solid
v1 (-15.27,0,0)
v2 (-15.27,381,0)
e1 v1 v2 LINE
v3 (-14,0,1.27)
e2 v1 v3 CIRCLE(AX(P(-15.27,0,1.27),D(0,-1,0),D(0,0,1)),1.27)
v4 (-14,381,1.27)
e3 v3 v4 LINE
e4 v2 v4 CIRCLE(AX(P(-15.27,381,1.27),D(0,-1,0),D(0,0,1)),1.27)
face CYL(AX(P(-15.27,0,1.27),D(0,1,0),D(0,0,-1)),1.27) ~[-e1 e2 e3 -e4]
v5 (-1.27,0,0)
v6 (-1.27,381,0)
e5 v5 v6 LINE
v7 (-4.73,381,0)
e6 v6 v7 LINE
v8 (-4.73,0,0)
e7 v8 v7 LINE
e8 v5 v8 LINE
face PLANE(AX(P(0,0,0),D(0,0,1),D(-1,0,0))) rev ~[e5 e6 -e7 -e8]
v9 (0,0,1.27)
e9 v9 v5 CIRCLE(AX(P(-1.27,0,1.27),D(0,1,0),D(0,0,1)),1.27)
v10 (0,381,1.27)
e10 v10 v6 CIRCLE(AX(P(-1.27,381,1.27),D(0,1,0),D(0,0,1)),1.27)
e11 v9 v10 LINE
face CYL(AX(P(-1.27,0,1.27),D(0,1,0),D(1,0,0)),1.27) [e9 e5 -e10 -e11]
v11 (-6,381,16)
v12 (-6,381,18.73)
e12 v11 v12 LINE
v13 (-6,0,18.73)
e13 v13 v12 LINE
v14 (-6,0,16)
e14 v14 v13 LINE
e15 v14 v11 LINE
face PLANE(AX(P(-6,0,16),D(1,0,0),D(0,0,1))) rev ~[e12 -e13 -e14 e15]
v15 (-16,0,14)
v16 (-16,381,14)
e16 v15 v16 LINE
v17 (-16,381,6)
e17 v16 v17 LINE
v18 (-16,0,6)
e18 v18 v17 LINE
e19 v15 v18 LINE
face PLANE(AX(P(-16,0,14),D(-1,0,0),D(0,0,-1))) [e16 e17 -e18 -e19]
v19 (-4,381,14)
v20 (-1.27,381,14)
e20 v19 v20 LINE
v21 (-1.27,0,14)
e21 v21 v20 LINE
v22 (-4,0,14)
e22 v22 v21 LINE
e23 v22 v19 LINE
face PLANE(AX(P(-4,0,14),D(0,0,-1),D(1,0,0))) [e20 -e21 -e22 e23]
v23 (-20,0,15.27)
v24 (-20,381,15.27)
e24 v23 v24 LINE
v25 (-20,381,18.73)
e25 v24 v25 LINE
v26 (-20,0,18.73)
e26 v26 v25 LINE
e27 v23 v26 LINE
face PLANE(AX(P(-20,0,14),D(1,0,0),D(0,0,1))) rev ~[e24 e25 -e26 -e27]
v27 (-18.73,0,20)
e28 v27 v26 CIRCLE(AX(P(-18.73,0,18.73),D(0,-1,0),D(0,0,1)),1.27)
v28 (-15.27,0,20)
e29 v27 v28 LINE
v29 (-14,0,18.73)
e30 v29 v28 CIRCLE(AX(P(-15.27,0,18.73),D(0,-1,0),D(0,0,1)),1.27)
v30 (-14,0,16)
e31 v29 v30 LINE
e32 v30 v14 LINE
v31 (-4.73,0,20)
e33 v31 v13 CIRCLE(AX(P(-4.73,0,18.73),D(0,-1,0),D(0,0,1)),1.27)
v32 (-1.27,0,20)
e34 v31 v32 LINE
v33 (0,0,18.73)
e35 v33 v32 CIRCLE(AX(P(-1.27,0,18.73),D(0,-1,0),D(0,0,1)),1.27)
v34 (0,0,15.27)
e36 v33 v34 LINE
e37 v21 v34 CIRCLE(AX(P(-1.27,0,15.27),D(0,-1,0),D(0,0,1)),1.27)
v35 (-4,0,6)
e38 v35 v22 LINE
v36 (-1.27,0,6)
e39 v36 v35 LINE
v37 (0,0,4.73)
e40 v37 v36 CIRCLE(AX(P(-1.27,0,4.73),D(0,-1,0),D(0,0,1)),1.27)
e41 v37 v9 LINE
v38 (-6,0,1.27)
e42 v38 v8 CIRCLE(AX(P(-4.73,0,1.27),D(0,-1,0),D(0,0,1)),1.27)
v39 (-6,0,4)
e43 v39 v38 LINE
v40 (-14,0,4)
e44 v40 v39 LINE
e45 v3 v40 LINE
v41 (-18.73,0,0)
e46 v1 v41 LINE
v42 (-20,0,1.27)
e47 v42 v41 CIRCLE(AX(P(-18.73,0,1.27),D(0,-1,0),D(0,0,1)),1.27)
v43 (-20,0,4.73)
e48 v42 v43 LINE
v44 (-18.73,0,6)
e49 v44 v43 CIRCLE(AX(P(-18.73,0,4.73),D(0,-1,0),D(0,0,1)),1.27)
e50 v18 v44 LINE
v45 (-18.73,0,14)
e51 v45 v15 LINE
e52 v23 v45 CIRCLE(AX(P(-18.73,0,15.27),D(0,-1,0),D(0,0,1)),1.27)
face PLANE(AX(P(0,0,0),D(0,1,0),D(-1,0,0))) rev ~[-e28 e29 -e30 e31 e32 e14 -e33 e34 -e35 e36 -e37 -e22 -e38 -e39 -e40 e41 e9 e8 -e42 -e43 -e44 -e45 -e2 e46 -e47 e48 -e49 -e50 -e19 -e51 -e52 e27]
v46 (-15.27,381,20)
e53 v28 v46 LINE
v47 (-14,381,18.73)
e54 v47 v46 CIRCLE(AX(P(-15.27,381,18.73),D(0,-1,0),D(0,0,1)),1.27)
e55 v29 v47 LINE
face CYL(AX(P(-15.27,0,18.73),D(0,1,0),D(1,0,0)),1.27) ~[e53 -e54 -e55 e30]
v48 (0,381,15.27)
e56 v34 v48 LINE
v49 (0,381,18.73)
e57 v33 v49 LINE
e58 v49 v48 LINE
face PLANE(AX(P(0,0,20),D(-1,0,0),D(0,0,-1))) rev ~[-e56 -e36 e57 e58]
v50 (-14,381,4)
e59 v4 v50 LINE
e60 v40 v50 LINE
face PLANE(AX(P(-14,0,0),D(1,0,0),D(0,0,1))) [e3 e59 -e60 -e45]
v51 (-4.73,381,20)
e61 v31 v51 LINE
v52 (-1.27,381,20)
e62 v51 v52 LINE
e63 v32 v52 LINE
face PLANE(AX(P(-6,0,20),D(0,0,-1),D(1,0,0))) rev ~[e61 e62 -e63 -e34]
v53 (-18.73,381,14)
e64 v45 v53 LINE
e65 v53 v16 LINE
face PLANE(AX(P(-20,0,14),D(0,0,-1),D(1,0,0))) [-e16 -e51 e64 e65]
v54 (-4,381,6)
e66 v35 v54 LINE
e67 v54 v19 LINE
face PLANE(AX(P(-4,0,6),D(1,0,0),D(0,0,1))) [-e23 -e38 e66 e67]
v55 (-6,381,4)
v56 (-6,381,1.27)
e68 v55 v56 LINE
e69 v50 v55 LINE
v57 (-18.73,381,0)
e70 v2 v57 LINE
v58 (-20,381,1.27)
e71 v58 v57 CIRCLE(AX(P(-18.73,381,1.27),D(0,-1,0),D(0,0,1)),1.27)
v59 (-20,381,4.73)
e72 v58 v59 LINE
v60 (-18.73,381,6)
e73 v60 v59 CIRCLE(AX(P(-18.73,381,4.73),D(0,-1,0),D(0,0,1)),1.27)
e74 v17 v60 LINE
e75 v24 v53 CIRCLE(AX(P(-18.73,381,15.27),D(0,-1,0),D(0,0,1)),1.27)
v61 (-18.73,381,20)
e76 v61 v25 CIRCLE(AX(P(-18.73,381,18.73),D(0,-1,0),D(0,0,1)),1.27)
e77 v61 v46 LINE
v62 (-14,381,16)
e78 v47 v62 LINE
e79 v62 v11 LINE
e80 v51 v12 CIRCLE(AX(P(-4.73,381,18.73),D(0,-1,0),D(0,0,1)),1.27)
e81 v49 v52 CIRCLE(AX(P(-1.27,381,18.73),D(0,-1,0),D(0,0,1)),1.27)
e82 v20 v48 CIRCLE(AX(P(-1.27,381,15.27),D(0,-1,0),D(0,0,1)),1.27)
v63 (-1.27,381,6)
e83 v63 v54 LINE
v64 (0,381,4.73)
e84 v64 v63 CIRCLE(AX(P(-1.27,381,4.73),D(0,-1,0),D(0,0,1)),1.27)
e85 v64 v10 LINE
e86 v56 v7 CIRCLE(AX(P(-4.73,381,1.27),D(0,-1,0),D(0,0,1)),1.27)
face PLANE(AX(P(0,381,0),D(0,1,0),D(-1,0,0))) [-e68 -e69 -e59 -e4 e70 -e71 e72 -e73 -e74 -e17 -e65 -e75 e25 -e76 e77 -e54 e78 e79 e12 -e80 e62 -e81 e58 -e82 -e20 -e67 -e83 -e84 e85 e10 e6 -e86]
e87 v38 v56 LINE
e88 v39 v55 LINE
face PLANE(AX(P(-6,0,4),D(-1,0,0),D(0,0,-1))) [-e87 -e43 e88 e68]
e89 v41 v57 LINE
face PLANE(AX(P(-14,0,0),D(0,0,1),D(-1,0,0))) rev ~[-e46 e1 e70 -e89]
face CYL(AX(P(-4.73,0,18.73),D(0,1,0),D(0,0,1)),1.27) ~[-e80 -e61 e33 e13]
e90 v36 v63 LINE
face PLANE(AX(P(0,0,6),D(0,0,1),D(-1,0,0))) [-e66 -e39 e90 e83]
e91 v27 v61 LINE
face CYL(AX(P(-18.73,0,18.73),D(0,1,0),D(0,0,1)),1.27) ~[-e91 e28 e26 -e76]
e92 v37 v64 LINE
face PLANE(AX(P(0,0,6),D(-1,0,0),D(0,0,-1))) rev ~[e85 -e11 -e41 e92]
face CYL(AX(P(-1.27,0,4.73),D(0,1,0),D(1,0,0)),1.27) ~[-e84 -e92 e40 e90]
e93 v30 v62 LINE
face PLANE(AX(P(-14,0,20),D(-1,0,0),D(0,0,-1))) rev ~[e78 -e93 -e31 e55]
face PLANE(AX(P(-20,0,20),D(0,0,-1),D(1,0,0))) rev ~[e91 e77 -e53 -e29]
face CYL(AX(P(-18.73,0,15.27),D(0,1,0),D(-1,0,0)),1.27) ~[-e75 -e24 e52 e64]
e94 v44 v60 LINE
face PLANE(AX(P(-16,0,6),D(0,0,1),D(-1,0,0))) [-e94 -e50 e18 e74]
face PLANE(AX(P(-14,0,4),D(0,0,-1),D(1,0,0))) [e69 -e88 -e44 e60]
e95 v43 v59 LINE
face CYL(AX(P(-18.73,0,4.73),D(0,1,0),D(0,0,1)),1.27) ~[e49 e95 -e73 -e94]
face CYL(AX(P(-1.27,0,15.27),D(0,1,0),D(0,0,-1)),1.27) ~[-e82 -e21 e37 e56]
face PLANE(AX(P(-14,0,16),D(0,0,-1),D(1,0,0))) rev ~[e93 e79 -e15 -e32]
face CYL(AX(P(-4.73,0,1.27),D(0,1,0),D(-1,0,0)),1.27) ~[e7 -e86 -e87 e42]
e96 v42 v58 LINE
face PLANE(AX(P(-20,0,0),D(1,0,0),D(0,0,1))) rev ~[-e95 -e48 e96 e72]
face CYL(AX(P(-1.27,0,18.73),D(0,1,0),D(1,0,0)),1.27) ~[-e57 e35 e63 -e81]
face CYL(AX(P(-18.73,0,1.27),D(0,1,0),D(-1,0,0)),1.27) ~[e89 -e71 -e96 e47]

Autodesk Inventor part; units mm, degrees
ref_plane "YZ Plane" through (0, 0, 0) normal (1, 0, 0) x (0, 1, 0)
ref_plane "XZ Plane" through (0, 0, 0) normal (0, 1, 0) x (-1, 0, 0)
ref_plane "XY Plane" through (0, 0, 0) normal (0, 0, 1) x (1, 0, 0)
sketch "Sketch1" plane through (0, 0, 0) normal (0, 1, 0) x (-1, 0, 0)
  line L0 (0, 0) -> (20, 0)
  line L1 (20, 0) -> (20, 20)
  line L2 (20, 20) -> (0, 20)
  line L3 (0, 20) -> (0, 0)
  line L4 (6, 0) -> (14, 0)
  line L5 (14, 0) -> (14, 4)
  line L6 (14, 4) -> (6, 4)
  line L7 (6, 4) -> (6, 0)
  line L8 (0, 6) -> (4, 6)
  line L9 (4, 6) -> (4, 14)
  line L10 (4, 14) -> (0, 14)
  line L11 (0, 14) -> (0, 6)
  line L12 (6, 20) -> (14, 20)
  line L13 (14, 20) -> (14, 16)
  line L14 (14, 16) -> (6, 16)
  line L15 (6, 16) -> (6, 20)
  line L16 (20, 14) -> (16, 14)
  line L17 (16, 14) -> (16, 6)
  line L18 (16, 6) -> (20, 6)
  line L19 (20, 6) -> (20, 14)
  dimension "d0" = 20
  dimension "d1" = 20
  dimension "d2" = 8
  dimension "d3" = 6
  dimension "d4" = 8
  dimension "d5" = 6
  dimension "d6" = 4
  dimension "d7" = 4
  dimension "d8" = 4
  dimension "d9" = 4
extrude "Extrusion1" add sketch "Sketch1" along normal blind 381 contours L3 L8 L9 L10 L2 L15 L14 L13 L1 L16 L17 L18 L0 L5 L6 L7
fillet "Fillet1" radius 1.27 12 edges at (0, 190.5, 20) (0, 190.5, 14) (-6, 190.5, 20) (-14, 190.5, 20) (-20, 190.5, 20) (-20, 190.5, 14) (0, 190.5, 6) (0, 190.5, 0) (-6, 190.5, 0) (-14, 190.5, 0) (-20, 190.5, 0) (-20, 190.5, 6)
properties part number "20x20extrusion" material "Aluminum 6061"
